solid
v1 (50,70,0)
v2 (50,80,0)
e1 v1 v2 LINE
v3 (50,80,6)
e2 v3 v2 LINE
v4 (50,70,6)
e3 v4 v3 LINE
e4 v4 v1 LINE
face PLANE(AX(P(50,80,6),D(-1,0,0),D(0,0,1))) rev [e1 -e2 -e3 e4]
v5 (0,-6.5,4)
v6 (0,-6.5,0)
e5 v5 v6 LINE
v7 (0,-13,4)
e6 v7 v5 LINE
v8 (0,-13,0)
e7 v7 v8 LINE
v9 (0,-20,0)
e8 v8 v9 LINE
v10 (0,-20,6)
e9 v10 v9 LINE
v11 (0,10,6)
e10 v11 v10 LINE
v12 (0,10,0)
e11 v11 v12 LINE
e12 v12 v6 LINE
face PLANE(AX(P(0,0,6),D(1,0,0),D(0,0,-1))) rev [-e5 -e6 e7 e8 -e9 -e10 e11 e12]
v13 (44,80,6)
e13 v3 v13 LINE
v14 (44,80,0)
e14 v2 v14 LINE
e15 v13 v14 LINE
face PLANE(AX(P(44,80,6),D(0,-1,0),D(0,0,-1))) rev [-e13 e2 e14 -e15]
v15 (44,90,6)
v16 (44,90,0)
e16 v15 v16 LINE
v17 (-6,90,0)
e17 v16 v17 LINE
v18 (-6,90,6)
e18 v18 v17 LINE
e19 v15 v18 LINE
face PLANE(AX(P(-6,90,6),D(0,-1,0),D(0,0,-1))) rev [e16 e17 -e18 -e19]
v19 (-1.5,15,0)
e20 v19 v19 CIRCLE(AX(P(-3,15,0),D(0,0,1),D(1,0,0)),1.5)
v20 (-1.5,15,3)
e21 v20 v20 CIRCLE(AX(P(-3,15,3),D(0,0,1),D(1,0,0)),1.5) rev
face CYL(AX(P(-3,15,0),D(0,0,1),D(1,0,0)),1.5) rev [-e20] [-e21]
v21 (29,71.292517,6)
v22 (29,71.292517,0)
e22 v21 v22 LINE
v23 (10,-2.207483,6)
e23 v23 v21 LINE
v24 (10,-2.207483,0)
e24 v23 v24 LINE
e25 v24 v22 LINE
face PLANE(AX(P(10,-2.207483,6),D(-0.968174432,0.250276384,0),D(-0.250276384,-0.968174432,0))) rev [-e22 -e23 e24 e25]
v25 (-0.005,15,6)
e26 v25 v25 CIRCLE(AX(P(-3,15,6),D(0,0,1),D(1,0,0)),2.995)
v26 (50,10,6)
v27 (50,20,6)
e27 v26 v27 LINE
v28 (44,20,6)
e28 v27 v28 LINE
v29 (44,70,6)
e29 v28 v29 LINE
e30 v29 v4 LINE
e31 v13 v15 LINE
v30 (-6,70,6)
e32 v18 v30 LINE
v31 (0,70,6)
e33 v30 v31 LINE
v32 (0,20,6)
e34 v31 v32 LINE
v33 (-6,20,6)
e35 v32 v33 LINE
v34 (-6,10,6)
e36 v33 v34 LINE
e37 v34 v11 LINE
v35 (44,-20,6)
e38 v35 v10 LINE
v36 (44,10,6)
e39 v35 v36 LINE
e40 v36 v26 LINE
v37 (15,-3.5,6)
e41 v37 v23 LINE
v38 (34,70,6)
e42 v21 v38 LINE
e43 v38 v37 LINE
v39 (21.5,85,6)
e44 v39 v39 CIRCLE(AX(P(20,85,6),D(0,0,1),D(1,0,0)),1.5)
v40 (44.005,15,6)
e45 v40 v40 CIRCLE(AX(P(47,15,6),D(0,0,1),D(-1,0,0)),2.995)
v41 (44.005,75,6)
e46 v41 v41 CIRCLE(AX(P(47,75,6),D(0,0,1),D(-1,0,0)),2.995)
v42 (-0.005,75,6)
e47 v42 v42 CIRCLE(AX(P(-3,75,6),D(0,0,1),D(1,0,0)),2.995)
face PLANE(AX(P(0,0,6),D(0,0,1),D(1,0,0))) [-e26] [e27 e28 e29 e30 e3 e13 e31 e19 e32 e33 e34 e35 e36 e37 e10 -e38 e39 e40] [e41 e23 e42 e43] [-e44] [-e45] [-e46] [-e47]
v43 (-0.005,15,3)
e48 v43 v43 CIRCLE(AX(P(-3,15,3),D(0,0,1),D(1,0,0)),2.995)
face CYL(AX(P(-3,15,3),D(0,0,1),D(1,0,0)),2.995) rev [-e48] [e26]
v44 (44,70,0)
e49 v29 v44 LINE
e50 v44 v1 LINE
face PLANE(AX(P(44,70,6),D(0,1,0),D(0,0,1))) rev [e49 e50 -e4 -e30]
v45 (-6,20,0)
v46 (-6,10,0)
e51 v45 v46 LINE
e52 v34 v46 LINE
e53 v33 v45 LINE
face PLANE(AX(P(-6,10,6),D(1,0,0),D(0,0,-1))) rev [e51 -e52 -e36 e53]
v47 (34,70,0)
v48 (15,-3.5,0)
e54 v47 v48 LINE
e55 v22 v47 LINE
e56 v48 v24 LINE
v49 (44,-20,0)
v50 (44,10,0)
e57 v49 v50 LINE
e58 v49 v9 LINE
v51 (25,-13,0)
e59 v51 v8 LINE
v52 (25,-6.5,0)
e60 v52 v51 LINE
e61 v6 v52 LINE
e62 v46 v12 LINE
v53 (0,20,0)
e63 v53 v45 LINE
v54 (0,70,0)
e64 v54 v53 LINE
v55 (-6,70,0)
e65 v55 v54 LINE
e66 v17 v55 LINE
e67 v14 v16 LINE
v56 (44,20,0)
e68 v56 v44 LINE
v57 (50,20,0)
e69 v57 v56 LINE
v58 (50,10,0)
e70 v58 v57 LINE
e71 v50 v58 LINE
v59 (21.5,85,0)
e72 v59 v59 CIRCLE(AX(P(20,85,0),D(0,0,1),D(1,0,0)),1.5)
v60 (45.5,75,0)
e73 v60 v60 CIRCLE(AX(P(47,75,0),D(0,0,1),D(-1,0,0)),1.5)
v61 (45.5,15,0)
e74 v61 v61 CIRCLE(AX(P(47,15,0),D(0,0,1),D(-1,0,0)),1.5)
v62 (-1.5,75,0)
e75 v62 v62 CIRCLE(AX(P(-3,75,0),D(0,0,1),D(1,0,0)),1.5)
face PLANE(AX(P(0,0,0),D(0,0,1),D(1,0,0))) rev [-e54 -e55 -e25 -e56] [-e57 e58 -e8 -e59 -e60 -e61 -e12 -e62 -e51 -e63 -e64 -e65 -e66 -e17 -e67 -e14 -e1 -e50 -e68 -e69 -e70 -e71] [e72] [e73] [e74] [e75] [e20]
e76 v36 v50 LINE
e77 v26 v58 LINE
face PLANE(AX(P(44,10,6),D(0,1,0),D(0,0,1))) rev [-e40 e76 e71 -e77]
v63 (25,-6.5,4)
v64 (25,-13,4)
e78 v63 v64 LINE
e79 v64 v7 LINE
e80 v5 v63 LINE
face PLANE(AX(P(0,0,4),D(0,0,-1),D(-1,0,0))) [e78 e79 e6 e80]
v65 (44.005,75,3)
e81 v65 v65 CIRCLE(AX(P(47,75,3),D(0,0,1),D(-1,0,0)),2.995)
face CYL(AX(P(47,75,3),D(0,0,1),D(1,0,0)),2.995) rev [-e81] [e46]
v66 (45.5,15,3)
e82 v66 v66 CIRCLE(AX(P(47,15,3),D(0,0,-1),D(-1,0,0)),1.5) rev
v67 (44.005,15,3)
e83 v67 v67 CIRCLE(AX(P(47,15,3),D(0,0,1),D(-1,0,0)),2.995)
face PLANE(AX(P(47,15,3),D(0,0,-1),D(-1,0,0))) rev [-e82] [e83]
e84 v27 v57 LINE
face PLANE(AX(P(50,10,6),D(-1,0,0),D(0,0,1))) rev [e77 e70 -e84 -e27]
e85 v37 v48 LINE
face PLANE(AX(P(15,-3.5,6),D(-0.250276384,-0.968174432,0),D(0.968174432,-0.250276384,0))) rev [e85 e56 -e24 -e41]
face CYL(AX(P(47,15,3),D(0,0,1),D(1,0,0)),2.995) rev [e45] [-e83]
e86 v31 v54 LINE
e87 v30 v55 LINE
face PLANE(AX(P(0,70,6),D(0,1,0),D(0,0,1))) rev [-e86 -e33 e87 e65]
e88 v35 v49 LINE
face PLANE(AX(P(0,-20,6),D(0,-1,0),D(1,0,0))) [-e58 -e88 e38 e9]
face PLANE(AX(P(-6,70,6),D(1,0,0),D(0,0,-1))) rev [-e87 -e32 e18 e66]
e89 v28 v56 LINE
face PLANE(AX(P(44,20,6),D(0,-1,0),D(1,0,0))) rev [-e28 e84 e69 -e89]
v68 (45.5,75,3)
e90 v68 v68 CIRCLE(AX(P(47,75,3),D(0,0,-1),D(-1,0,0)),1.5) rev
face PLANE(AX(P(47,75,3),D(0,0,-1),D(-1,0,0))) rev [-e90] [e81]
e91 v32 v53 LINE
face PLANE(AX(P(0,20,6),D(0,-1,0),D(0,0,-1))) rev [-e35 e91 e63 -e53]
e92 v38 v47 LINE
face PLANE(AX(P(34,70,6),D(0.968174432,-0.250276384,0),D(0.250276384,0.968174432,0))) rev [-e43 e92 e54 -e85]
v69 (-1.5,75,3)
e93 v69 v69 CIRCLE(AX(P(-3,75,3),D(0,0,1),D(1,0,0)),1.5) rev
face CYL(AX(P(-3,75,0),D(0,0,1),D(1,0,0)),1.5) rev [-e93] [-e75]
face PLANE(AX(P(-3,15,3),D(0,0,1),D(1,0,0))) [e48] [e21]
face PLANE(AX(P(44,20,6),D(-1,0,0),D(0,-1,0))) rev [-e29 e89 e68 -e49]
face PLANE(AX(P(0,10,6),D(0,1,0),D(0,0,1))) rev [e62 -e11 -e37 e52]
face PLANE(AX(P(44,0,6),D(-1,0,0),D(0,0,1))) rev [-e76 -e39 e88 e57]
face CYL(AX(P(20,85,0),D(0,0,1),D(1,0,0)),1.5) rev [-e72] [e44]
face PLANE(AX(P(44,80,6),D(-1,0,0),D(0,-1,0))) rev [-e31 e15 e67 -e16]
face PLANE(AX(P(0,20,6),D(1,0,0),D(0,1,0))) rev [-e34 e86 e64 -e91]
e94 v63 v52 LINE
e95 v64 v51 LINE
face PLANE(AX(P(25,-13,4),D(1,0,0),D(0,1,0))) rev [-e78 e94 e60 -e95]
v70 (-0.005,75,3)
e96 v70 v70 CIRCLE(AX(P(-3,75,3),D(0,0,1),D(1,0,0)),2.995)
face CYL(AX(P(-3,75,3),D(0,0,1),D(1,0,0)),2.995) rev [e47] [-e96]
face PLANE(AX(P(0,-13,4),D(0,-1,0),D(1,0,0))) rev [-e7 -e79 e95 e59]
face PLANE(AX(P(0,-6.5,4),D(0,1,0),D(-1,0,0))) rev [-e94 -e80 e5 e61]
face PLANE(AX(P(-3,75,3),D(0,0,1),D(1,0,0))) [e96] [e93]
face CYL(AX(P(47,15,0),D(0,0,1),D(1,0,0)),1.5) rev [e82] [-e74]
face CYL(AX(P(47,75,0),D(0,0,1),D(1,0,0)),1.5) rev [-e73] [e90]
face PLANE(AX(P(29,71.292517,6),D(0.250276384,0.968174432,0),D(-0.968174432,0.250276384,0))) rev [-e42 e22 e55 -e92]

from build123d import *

# Parameters (mm, degrees)
BOSS_EXTRU_1_DEPTH      = 6
ESQUISSE2_R             = 1.5
ENL_V_MAT_EXTRU_1_DEPTH = 6
ESQUISSE6_R             = 1.5
ENL_V_MAT_EXTRU_4_DEPTH = 6
ESQUISSE7_R             = 2.995
ENL_V_MAT_EXTRU_5_DEPTH = 3
ESQUISSE8_W             = 44
ESQUISSE8_H             = 20
BOSS_EXTRU_2_DEPTH      = 6
ESQUISSE9_W             = 25
ESQUISSE9_H             = 6.5
ENL_V_MAT_EXTRU_6_DEPTH = 4
ENL_V_MAT_EXTRU_7_DEPTH = 6


with BuildPart() as part:
    # Esquisse1 → Boss.-Extru.1 (new body)
    with BuildSketch(Plane.XY):
        Polygon((-6, 70), (-6, 90), (44, 90), (44, 80), (50, 80), (50, 70), (44, 70), (44, 20), (50, 20), (50, 10), (44, 10), (44, 0), (0, 0), (0, 10), (-6, 10), (-6, 20), (0, 20), (0, 70), align=None)
    extrude(amount=BOSS_EXTRU_1_DEPTH)

    # Esquisse2 → Enlèv. mat.-Extru.1 (cut)
    with BuildSketch(Plane.XY.offset(6)):
        with Locations((20, 85)):
            Circle(ESQUISSE2_R)
    extrude(amount=-ENL_V_MAT_EXTRU_1_DEPTH, mode=Mode.SUBTRACT)

    # Esquisse6 → Enlèv. mat.-Extru.4 (cut)
    with BuildSketch(Plane.XY.offset(6)):
        with Locations((-3, 75)):
            Circle(ESQUISSE6_R)
        with Locations((-3, 15)):
            Circle(ESQUISSE6_R)
        with Locations(Location((47, 15, 0), (0, 0, 180))):
            Circle(ESQUISSE6_R)
        with Locations(Location((47, 75, 0), (0, 0, 180))):
            Circle(ESQUISSE6_R)
    extrude(amount=-ENL_V_MAT_EXTRU_4_DEPTH, mode=Mode.SUBTRACT)

    # Esquisse7 → Enlèv. mat.-Extru.5 (cut)
    with BuildSketch(Plane.XY.offset(6)):
        with Locations((-3, 15)):
            Circle(ESQUISSE7_R)
        with Locations((-3, 75)):
            Circle(ESQUISSE7_R)
        with Locations(Location((47, 75, 0), (0, 0, 180))):
            Circle(ESQUISSE7_R)
        with Locations(Location((47, 15, 0), (0, 0, 180))):
            Circle(ESQUISSE7_R)
    extrude(amount=-ENL_V_MAT_EXTRU_5_DEPTH, mode=Mode.SUBTRACT)

    # Esquisse8 → Boss.-Extru.2 (add)
    with BuildSketch(Plane(origin=(0, 0, 0), x_dir=(-1, 0, 0), z_dir=(0, 0, -1))):
        with Locations((-22, -10)):
            Rectangle(ESQUISSE8_W, ESQUISSE8_H)
    extrude(amount=-BOSS_EXTRU_2_DEPTH)

    # Esquisse9 → Enlèv. mat.-Extru.6 (cut)
    with BuildSketch(Plane(origin=(0, 0, 0), x_dir=(-1, 0, 0), z_dir=(0, 0, -1))):
        with Locations((-12.5, -9.75)):
            Rectangle(ESQUISSE9_W, ESQUISSE9_H)
    extrude(amount=-ENL_V_MAT_EXTRU_6_DEPTH, mode=Mode.SUBTRACT)

    # Esquisse10 → Enlèv. mat.-Extru.7 (cut)
    with BuildSketch(Plane(origin=(0, 0, 0), x_dir=(-1, 0, 0), z_dir=(0, 0, -1))):
        Polygon((-34, 70), (-15, -3.5), (-10, -2.207482993), (-29, 71.292517007), align=None)
    extrude(amount=-ENL_V_MAT_EXTRU_7_DEPTH, mode=Mode.SUBTRACT)


solid = part.part
